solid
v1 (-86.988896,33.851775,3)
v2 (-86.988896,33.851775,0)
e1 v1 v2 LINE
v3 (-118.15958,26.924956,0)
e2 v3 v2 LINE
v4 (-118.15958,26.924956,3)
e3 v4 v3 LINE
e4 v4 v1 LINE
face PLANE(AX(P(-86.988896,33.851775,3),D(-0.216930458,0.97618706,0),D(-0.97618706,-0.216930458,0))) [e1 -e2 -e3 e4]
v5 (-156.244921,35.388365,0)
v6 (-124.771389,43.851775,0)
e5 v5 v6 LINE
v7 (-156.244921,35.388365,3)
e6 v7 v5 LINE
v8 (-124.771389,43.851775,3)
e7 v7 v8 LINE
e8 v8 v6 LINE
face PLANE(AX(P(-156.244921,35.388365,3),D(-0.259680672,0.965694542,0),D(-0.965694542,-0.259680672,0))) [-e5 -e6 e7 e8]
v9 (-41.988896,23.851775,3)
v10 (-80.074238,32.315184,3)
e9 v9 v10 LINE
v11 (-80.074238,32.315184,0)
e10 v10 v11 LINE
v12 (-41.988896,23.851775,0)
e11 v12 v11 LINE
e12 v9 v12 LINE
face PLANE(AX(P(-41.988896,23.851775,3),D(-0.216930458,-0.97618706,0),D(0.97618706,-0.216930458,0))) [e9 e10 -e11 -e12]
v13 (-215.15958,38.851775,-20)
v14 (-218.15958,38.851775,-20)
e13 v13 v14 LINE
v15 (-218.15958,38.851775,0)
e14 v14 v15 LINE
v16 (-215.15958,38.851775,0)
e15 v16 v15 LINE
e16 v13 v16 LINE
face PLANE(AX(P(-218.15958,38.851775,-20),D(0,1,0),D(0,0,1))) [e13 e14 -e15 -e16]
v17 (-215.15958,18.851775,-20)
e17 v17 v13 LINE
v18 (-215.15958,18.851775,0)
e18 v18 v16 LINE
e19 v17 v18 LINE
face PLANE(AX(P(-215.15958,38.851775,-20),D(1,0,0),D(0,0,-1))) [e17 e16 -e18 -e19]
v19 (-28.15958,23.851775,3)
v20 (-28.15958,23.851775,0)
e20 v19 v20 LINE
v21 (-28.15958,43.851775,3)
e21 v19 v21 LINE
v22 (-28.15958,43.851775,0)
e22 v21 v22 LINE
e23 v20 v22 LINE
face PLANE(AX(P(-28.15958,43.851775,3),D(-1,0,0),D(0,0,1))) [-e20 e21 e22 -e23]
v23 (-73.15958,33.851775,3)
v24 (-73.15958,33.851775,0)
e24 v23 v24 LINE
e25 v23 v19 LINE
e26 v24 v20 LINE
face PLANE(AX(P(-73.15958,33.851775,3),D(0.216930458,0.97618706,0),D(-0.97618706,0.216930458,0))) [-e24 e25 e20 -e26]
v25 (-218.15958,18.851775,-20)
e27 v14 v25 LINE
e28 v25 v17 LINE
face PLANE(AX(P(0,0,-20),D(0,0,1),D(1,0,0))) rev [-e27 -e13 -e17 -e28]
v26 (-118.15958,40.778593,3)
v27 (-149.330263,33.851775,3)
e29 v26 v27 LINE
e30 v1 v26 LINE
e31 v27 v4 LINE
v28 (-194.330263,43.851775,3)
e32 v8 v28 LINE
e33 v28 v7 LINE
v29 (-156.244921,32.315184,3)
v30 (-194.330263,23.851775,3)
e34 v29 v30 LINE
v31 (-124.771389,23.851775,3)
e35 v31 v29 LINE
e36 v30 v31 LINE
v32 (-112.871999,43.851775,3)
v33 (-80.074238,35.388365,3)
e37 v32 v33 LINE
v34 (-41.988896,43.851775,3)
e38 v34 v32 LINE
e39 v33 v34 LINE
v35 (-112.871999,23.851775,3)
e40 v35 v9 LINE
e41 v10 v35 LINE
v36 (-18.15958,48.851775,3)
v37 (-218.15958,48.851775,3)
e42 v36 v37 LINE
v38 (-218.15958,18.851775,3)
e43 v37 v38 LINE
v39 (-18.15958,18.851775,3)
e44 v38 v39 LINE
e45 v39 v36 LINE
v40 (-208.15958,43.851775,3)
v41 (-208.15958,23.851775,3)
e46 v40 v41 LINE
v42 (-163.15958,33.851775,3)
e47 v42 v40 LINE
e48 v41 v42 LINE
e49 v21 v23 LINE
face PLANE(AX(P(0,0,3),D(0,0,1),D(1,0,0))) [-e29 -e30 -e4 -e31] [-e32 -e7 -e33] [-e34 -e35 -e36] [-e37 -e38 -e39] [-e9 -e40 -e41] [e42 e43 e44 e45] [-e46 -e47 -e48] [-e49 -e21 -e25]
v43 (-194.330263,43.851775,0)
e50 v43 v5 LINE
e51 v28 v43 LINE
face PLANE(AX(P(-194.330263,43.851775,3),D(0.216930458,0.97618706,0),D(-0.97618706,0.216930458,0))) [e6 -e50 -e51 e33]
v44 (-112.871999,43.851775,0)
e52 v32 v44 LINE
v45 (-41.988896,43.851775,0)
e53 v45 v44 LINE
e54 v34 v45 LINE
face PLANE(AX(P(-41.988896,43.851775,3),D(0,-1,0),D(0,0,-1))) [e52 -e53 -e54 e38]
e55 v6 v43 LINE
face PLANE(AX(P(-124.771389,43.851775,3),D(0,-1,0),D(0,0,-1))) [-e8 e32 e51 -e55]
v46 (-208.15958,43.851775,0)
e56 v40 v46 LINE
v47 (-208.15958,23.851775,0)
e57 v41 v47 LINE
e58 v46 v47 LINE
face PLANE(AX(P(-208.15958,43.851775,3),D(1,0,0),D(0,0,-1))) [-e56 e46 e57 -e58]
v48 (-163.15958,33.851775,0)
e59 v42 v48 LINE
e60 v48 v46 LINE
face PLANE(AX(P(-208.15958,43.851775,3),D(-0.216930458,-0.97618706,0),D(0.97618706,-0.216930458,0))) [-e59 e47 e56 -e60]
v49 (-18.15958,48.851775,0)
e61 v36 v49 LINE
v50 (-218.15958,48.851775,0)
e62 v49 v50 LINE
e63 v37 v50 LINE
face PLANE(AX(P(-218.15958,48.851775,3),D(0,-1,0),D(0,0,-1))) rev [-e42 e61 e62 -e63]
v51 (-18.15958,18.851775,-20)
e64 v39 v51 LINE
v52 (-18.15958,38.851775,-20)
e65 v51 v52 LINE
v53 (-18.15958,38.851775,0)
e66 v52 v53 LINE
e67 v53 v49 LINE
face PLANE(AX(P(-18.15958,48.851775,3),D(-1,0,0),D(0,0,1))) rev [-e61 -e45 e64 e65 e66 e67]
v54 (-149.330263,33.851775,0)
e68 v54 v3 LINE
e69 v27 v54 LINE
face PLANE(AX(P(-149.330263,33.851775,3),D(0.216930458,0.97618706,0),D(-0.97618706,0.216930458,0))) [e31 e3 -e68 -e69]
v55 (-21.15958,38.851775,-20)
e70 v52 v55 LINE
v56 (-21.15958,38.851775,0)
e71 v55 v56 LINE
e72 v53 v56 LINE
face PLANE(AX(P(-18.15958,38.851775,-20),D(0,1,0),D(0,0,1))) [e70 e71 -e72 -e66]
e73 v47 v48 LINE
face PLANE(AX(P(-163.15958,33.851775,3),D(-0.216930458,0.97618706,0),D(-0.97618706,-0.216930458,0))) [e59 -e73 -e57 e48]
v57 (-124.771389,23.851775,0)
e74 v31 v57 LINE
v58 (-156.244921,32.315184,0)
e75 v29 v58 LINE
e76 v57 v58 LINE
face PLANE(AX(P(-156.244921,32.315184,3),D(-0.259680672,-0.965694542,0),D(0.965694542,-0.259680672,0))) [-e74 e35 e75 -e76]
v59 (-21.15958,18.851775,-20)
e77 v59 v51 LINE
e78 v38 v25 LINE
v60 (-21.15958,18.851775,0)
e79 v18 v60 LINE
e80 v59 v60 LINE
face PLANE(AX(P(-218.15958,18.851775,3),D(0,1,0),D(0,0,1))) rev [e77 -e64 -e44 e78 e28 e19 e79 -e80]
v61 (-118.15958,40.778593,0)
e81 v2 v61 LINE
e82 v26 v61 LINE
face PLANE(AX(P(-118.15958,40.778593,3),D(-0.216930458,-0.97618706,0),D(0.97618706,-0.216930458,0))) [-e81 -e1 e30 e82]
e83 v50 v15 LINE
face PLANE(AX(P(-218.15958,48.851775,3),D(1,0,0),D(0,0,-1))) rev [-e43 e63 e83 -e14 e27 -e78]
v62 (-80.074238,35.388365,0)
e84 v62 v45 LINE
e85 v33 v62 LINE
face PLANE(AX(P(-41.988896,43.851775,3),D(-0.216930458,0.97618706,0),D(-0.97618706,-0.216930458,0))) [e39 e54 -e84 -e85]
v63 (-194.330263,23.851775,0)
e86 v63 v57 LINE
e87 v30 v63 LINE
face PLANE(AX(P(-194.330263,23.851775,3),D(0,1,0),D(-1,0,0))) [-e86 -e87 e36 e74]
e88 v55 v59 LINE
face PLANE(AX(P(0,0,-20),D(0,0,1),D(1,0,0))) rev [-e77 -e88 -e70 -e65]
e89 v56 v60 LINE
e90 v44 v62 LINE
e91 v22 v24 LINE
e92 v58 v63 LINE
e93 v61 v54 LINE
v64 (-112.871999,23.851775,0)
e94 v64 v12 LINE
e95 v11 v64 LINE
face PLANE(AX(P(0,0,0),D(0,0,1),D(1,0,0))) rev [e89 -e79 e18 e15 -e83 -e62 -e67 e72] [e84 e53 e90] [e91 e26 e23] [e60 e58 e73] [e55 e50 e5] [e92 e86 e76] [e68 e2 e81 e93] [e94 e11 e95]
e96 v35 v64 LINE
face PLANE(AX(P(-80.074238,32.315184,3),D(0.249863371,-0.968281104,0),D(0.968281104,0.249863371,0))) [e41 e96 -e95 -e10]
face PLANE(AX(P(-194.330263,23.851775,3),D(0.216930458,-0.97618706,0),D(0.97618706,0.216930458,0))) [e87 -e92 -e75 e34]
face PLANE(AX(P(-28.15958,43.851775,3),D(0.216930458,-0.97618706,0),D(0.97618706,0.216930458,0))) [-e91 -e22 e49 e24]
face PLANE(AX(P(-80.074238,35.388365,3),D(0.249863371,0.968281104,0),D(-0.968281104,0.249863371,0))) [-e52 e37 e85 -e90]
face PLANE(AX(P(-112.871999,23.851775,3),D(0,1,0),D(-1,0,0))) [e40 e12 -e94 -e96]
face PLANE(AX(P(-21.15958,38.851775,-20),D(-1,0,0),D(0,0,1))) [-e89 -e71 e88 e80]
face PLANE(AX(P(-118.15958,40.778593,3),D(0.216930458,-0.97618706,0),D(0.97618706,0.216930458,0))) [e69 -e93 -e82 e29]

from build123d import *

# Parameters (mm, degrees)
CROQUIS1_W              = 200
CROQUIS1_H              = 30
SALIENTE_EXTRUIR1_DEPTH = 3
CROQUIS2_W              = 3
CROQUIS2_H              = 20
SALIENTE_EXTRUIR2_DEPTH = 23


with BuildPart() as part:
    # Croquis1 → Saliente-Extruir1 (new body)
    with BuildSketch(Plane.XY):
        with Locations((-118.159579588, 33.85177453)):
            Rectangle(CROQUIS1_W, CROQUIS1_H)
        Polygon((-28.159579588, 43.85177453), (-28.159579588, 23.85177453), (-73.159579588, 33.85177453), align=None, mode=Mode.SUBTRACT)
        Polygon((-208.159579588, 43.85177453), (-163.159579588, 33.85177453), (-208.159579588, 23.85177453), align=None, mode=Mode.SUBTRACT)
        Polygon((-194.330262902, 43.85177453), (-156.244921245, 35.388365273), (-124.77138853, 43.85177453), align=None, mode=Mode.SUBTRACT)
        Polygon((-194.330262902, 23.85177453), (-156.244921245, 32.315183787), (-124.77138853, 23.85177453), align=None, mode=Mode.SUBTRACT)
        Polygon((-118.159579588, 40.778593045), (-149.330262902, 33.85177453), (-118.159579588, 26.924956016), (-86.988896274, 33.85177453), align=None, mode=Mode.SUBTRACT)
        Polygon((-41.988896274, 23.85177453), (-80.074237931, 32.315183787), (-112.871999428, 23.85177453), align=None, mode=Mode.SUBTRACT)
        Polygon((-41.988896274, 43.85177453), (-80.074237931, 35.388365273), (-112.871999428, 43.85177453), align=None, mode=Mode.SUBTRACT)
    extrude(amount=SALIENTE_EXTRUIR1_DEPTH)

    # Croquis2 → Saliente-Extruir2 (add)
    with BuildSketch(Plane.XY.offset(3)):
        with Locations((-216.659579588, 28.85177453)):
            Rectangle(CROQUIS2_W, CROQUIS2_H)
        with Locations((-19.659579588, 28.85177453)):
            Rectangle(CROQUIS2_W, CROQUIS2_H)
    extrude(amount=-SALIENTE_EXTRUIR2_DEPTH)


solid = part.part
